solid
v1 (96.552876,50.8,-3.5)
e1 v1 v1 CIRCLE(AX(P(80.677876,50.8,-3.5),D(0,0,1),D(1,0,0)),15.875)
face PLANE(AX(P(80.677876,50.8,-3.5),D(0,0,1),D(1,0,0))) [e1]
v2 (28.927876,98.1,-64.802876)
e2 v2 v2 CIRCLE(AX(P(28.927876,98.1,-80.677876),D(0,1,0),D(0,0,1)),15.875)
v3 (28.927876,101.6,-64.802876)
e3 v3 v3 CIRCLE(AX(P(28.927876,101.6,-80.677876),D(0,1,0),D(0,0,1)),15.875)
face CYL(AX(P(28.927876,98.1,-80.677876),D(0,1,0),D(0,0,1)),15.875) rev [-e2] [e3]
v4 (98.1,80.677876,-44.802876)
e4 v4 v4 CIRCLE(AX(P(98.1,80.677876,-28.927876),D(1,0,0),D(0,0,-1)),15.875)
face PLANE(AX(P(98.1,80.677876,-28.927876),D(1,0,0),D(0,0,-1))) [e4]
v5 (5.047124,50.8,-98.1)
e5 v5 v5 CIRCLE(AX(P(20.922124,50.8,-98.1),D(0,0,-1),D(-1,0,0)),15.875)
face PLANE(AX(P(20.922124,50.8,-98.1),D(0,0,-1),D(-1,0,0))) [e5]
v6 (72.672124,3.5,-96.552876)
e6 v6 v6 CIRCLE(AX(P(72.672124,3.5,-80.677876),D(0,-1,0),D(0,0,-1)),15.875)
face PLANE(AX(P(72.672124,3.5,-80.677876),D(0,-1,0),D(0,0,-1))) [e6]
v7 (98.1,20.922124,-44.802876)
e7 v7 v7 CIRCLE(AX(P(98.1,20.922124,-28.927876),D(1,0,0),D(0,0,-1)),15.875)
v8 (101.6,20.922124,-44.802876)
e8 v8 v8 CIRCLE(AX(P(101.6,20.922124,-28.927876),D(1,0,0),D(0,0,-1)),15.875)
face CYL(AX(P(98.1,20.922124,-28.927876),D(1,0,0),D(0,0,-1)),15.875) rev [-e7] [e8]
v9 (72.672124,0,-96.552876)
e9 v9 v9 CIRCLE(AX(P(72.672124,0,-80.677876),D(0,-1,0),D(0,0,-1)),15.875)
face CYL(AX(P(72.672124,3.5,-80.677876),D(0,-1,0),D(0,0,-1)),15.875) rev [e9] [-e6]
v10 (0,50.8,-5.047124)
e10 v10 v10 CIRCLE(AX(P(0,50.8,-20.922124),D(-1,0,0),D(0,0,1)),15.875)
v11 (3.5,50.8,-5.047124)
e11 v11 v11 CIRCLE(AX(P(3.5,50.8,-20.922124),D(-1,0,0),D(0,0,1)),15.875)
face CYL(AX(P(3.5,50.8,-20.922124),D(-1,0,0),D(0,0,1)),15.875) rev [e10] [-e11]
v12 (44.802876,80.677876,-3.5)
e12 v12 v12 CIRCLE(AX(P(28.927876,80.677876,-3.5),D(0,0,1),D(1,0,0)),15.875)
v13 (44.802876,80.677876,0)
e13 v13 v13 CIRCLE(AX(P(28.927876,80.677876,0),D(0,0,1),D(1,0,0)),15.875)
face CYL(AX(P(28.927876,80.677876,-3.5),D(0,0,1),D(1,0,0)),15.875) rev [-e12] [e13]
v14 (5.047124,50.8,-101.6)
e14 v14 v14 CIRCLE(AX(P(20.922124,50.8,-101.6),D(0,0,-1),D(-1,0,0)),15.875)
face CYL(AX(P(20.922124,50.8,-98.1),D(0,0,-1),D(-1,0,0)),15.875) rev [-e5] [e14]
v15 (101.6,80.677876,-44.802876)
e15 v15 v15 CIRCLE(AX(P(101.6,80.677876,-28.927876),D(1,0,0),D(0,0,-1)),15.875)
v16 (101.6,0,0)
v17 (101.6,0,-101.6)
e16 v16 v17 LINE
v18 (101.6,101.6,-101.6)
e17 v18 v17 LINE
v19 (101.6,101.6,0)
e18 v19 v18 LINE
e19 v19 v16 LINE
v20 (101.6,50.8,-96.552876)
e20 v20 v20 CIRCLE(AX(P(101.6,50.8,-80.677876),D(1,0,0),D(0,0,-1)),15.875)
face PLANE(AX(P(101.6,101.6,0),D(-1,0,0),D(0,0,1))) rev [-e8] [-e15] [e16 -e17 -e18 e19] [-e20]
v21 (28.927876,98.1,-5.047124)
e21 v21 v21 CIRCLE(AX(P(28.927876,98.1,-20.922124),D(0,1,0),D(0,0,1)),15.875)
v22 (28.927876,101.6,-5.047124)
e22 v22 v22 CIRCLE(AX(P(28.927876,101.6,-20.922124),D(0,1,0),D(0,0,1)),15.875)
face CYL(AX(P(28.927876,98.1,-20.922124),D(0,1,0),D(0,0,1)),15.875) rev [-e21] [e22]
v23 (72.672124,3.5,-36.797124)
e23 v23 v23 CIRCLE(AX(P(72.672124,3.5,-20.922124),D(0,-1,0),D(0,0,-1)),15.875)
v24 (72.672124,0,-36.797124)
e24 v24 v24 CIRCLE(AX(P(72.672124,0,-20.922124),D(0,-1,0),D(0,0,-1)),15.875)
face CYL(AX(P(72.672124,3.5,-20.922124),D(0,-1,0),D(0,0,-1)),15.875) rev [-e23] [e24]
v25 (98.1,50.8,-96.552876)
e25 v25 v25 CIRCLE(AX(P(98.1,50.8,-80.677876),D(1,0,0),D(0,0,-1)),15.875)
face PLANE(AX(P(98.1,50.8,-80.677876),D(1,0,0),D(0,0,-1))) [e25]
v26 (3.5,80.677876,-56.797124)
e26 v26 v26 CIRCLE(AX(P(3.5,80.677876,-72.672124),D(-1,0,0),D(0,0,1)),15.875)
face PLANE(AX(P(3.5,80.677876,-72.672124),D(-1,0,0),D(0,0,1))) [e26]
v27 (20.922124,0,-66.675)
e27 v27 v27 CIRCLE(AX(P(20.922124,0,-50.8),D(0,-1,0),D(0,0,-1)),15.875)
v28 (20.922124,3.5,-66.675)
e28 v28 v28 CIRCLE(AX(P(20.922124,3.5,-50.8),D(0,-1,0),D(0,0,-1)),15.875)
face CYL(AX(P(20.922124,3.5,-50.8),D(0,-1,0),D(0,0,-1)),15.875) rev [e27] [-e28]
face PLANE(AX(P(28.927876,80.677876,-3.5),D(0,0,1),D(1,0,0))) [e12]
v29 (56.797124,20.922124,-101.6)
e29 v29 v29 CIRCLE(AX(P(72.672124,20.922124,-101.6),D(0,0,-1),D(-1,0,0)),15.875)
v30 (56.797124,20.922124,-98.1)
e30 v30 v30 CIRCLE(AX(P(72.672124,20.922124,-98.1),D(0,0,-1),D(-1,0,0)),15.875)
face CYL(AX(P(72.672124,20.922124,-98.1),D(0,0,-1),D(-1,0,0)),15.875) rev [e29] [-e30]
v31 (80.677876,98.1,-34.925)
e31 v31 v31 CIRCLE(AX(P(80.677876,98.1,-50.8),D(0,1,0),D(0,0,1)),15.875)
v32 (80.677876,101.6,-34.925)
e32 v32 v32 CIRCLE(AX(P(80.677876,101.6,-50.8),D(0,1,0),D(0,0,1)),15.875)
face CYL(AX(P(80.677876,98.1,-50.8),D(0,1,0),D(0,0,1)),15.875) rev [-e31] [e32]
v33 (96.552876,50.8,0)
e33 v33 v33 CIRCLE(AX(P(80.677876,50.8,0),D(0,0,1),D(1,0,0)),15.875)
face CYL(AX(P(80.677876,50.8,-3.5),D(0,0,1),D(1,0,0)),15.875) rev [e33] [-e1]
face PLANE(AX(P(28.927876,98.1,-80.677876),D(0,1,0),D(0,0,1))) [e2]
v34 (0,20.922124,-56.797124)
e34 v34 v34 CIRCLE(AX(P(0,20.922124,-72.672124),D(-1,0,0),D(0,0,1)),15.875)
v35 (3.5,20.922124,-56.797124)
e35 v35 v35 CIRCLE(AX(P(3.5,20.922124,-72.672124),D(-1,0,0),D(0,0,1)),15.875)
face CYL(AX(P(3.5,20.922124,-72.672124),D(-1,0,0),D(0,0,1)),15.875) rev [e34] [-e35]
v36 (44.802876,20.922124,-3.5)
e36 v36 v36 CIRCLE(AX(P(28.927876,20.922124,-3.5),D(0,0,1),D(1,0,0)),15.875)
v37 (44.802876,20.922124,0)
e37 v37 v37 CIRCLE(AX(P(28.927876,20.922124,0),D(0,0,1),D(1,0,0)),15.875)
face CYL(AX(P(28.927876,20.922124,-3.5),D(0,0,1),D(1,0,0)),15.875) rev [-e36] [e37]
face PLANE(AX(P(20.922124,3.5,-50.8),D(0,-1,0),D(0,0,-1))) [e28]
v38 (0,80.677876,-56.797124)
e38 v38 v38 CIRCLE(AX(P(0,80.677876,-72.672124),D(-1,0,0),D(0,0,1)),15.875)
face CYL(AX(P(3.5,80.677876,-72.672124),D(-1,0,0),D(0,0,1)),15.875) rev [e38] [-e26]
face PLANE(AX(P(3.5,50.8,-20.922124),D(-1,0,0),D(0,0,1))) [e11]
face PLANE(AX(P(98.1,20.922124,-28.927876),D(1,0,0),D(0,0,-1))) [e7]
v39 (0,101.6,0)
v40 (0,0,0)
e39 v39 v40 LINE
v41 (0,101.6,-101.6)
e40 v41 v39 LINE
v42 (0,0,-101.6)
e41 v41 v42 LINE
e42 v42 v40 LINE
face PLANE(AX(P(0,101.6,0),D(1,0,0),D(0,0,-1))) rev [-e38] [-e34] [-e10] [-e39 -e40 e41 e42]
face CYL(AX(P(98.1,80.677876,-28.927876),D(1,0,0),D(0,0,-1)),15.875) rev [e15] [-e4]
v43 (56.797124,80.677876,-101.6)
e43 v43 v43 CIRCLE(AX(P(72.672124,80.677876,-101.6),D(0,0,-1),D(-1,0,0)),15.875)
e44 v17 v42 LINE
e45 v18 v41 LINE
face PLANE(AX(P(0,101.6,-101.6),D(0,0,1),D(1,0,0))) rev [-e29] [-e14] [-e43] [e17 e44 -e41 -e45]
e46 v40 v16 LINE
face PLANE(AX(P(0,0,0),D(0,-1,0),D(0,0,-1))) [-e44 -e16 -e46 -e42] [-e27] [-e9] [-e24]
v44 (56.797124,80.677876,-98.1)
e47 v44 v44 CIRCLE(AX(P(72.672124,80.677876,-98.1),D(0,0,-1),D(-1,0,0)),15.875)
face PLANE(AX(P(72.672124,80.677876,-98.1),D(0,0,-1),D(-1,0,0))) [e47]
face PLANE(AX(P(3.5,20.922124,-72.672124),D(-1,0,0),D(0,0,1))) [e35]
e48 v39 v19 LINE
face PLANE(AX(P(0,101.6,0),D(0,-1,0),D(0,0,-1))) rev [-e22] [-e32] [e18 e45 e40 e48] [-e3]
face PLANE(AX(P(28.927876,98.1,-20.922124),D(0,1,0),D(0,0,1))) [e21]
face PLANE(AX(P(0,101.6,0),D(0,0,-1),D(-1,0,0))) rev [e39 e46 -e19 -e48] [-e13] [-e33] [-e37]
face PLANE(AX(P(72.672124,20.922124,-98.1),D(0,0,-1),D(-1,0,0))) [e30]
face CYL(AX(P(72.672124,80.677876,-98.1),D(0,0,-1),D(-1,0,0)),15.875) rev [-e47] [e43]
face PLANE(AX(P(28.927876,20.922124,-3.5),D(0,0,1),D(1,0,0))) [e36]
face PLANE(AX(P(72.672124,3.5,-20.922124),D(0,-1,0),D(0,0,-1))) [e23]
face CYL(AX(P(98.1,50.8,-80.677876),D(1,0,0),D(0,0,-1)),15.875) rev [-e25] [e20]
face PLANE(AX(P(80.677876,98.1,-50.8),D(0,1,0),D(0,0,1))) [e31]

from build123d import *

# Parameters (mm, degrees)
SKETCH1_W           = 101.6
SKETCH1_H           = 101.6
BOSS_EXTRUDE2_DEPTH = 101.6
SKETCH3_R           = 15.875
CUT_EXTRUDE1_DEPTH  = 3.500000112
SKETCH4_R           = 15.875
CUT_EXTRUDE2_DEPTH  = 3.500000112
SKETCH5_R           = 15.875
CUT_EXTRUDE3_DEPTH  = 3.500000112
SKETCH6_R           = 15.875
CUT_EXTRUDE4_DEPTH  = 3.500000112
SKETCH7_R           = 15.875
CUT_EXTRUDE5_DEPTH  = 3.500000112
SKETCH8_R           = 15.875
CUT_EXTRUDE6_DEPTH  = 3.500000112


with BuildPart() as part:
    # Sketch1 → Boss-Extrude2 (new body)
    with BuildSketch(Plane(origin=(0, 0, 0), x_dir=(1, 0, 0), z_dir=(0, 1, 0))):
        with Locations((50.8, 50.8)):
            Rectangle(SKETCH1_W, SKETCH1_H)
    extrude(amount=BOSS_EXTRUDE2_DEPTH)

    # Sketch3 → Cut-Extrude1 (cut)
    with BuildSketch(Plane(origin=(0, 101.6, 0), x_dir=(1, 0, 0), z_dir=(0, 1, 0))):
        with Locations(Location((28.927876431, 20.922123569, 0), (0, 0, 270))):
            Circle(SKETCH3_R)
        with Locations(Location((28.927876431, 80.677876431, 0), (0, 0, 270))):
            Circle(SKETCH3_R)
        with Locations(Location((80.677876431, 50.8, 0), (0, 0, 270))):
            Circle(SKETCH3_R)
    extrude(amount=-CUT_EXTRUDE1_DEPTH, mode=Mode.SUBTRACT)

    # Sketch4 → Cut-Extrude2 (cut)
    with BuildSketch(Plane.ZY):
        with Locations((-72.672123569, 20.922123569)):
            Circle(SKETCH4_R)
        with Locations((-72.672123569, 80.677876431)):
            Circle(SKETCH4_R)
        with Locations((-20.922123569, 50.8)):
            Circle(SKETCH4_R)
    extrude(amount=-CUT_EXTRUDE2_DEPTH, mode=Mode.SUBTRACT)

    # Sketch5 → Cut-Extrude3 (cut)
    with BuildSketch(Plane(origin=(0, 0, -101.6), x_dir=(-1, 0, 0), z_dir=(0, 0, -1))):
        with Locations((-72.672123569, 20.922123569)):
            Circle(SKETCH5_R)
        with Locations((-72.672123569, 80.677876431)):
            Circle(SKETCH5_R)
        with Locations((-20.922123569, 50.8)):
            Circle(SKETCH5_R)
    extrude(amount=-CUT_EXTRUDE3_DEPTH, mode=Mode.SUBTRACT)

    # Sketch6 → Cut-Extrude4 (cut)
    with BuildSketch(Plane(origin=(101.6, 0, 0), x_dir=(0, 0, -1), z_dir=(1, 0, 0))):
        with Locations((28.927876431, 20.922123569)):
            Circle(SKETCH6_R)
        with Locations((28.927876431, 80.677876431)):
            Circle(SKETCH6_R)
        with Locations((80.677876431, 50.8)):
            Circle(SKETCH6_R)
    extrude(amount=-CUT_EXTRUDE4_DEPTH, mode=Mode.SUBTRACT)

    # Sketch7 → Cut-Extrude5 (cut)
    with BuildSketch(Plane.XY):
        with Locations((28.927876431, 20.922123569)):
            Circle(SKETCH7_R)
        with Locations((28.927876431, 80.677876431)):
            Circle(SKETCH7_R)
        with Locations((80.677876431, 50.8)):
            Circle(SKETCH7_R)
    extrude(amount=-CUT_EXTRUDE5_DEPTH, mode=Mode.SUBTRACT)

    # Sketch8 → Cut-Extrude6 (cut)
    with BuildSketch(Plane(origin=(0, 0, 0), x_dir=(-1, 0, 0), z_dir=(0, -1, 0))):
        with Locations(Location((-72.672123569, 20.922123569, 0), (0, 0, 90))):
            Circle(SKETCH8_R)
        with Locations(Location((-72.672123569, 80.677876431, 0), (0, 0, 90))):
            Circle(SKETCH8_R)
        with Locations(Location((-20.922123569, 50.8, 0), (0, 0, 90))):
            Circle(SKETCH8_R)
    extrude(amount=-CUT_EXTRUDE6_DEPTH, mode=Mode.SUBTRACT)


solid = part.part
